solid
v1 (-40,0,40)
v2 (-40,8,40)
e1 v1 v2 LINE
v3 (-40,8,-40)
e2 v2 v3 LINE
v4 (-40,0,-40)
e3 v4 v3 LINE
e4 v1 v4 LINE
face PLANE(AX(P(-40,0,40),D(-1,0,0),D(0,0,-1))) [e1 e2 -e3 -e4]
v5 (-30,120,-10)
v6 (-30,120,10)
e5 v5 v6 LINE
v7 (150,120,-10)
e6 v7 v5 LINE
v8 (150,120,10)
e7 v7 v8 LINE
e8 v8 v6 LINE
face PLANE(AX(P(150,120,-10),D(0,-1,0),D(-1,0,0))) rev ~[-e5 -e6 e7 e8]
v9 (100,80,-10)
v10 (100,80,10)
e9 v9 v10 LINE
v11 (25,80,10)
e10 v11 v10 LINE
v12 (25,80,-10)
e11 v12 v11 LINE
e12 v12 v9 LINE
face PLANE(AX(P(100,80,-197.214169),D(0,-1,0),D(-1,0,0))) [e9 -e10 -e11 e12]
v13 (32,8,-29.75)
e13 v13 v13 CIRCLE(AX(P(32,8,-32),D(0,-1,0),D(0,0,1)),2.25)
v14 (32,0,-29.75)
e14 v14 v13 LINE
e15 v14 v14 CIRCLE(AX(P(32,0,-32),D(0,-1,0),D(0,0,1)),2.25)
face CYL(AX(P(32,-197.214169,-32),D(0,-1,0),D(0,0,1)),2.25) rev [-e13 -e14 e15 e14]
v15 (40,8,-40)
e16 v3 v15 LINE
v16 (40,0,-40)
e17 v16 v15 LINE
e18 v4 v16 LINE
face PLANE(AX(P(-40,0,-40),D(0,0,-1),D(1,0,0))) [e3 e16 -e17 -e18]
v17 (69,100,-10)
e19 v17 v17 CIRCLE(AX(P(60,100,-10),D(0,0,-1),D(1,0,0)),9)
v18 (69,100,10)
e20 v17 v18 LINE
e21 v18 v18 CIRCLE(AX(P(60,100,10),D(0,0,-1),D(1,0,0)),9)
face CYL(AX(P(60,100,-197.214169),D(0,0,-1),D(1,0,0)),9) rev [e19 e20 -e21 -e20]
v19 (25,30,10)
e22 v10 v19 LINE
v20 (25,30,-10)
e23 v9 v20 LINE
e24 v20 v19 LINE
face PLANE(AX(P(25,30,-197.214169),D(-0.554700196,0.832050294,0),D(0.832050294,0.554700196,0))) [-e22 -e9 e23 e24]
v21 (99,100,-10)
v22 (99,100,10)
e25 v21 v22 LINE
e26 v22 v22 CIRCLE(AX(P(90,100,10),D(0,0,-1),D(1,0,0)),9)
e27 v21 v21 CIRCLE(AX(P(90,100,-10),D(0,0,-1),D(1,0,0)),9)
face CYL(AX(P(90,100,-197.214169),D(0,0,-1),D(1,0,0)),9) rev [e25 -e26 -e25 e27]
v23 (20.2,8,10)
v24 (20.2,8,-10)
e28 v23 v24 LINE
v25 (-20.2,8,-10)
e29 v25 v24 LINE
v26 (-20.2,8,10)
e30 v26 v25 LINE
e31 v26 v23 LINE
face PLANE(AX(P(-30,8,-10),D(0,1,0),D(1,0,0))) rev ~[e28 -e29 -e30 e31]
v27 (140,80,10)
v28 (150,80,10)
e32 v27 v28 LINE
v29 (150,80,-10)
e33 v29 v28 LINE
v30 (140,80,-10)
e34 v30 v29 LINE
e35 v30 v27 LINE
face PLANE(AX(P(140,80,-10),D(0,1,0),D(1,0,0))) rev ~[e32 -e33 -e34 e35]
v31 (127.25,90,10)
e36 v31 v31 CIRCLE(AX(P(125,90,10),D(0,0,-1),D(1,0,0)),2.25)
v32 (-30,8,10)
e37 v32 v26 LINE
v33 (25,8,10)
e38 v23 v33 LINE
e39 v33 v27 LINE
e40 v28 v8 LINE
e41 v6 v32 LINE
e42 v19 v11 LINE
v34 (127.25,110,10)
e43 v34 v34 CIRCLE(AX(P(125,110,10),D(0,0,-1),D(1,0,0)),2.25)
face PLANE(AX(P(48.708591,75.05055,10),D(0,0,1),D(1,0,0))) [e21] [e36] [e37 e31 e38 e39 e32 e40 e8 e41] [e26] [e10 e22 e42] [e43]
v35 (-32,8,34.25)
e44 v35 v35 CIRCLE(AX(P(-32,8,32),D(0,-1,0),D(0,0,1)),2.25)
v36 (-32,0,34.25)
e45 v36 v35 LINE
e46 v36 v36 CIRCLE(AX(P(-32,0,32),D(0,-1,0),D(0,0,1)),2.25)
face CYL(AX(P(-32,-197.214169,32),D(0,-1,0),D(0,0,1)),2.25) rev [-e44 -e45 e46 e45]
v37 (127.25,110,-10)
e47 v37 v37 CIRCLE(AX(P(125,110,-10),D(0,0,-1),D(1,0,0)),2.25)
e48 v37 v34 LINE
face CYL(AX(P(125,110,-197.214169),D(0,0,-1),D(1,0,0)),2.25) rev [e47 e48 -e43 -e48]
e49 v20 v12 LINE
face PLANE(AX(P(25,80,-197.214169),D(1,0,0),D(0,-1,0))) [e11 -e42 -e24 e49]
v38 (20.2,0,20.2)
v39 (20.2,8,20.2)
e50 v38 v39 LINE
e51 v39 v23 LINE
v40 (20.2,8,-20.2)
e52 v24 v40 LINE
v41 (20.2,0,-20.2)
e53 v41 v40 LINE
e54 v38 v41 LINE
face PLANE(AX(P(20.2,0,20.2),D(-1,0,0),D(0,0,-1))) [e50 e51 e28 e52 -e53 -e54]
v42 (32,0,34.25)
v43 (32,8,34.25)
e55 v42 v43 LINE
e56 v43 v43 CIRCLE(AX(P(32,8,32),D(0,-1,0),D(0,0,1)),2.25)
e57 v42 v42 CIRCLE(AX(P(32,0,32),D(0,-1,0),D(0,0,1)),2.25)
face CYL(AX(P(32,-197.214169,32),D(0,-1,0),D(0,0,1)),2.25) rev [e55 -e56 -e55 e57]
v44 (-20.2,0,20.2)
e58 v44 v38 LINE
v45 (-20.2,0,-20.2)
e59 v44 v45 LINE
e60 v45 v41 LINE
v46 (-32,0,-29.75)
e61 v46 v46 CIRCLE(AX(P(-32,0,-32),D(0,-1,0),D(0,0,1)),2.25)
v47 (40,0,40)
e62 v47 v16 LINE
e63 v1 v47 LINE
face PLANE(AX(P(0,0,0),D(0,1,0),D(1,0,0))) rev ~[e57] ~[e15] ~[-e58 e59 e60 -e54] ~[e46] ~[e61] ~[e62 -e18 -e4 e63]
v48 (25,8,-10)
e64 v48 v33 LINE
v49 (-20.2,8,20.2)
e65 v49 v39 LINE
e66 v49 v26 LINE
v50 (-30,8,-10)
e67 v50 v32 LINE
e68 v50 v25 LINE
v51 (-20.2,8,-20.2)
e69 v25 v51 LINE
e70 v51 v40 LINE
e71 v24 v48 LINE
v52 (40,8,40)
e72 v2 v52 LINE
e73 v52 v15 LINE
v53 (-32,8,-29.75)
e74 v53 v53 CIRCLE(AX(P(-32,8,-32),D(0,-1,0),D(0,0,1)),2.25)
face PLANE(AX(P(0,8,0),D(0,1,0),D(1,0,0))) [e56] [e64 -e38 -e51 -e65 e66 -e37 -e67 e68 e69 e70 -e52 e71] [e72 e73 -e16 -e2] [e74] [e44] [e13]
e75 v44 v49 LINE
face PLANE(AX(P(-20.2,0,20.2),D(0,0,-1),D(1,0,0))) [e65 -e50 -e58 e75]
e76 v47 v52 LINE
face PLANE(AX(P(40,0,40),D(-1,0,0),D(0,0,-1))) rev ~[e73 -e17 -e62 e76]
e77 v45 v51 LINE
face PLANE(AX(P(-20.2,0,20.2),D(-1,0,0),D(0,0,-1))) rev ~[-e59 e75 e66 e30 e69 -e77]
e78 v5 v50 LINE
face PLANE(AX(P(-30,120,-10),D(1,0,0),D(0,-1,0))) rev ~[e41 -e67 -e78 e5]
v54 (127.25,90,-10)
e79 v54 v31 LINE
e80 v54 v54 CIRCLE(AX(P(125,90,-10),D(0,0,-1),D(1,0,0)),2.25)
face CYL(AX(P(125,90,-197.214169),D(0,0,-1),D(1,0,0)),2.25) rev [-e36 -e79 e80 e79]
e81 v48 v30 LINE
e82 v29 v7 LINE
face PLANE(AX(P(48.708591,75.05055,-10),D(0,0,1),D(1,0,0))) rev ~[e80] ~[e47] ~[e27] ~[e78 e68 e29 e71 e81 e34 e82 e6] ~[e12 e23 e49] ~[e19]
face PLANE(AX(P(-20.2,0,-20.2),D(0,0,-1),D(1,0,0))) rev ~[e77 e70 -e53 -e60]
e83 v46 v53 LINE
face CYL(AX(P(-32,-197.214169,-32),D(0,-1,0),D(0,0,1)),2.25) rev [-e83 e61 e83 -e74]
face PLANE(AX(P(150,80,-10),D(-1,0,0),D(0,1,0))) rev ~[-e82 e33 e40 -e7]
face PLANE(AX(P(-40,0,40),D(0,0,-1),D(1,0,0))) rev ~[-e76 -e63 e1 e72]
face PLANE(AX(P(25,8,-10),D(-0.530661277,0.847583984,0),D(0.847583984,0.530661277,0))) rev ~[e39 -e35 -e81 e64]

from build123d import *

# Parameters (mm, degrees)
SKETCH_1_W                  = 80
SKETCH_1_H                  = 80
SKETCH_1_W_2                = 40.4
SKETCH_1_H_2                = 40.4
EXTRUDE_273_DEPTH           = 8
EXTRUDE_START               = -10
EXTRUDE_351_DEPTH           = 20
CUT_EXTRUDE_442_DEPTH       = 197.214168703
CUT_EXTRUDE_442_DEPTH_BACK  = 197.214168703
CUT_EXTRUDE_500_DEPTH       = 197.214168703
CUT_EXTRUDE_500_DEPTH_BACK  = 197.214168703
SKETCH_4_R                  = 9
CUT_EXTRUDE_M4_DEPTH        = 197.214168703
CUT_EXTRUDE_M4_DEPTH_BACK   = 197.214168703
SKETCH_5_R                  = 2.25
CUT_EXTRUDE_M4_2_DEPTH      = 197.214168703
CUT_EXTRUDE_M4_2_DEPTH_BACK = 197.214168703
SKETCH_6_R                  = 2.25


with BuildPart() as part:
    # 草图1 → Extrude 273 (new body)
    with BuildSketch(Plane(origin=(0, 0, 0), x_dir=(1, 0, 0), z_dir=(0, 1, 0))):
        Rectangle(SKETCH_1_W, SKETCH_1_H)
        Rectangle(SKETCH_1_W_2, SKETCH_1_H_2, mode=Mode.SUBTRACT)
    extrude(amount=EXTRUDE_273_DEPTH)

    # 草图2 → Extrude 351 (add)
    with BuildSketch(Plane.XY.offset(EXTRUDE_START)):
        Polygon((-30, 8), (25, 8), (140, 80), (150, 80), (150, 120), (-30, 120), align=None)
    extrude(amount=EXTRUDE_351_DEPTH)

    # 草图3 → Cut-Extrude 442 (cut, two sides: drawn at the far end of the back side and taken through both)
    with BuildSketch(Plane.XY.offset(-CUT_EXTRUDE_442_DEPTH_BACK)):
        Polygon((25, 30), (100, 80), (25, 80), align=None)
    extrude(amount=CUT_EXTRUDE_442_DEPTH + CUT_EXTRUDE_442_DEPTH_BACK, mode=Mode.SUBTRACT)

    # 草图4 → Cut-Extrude 500 (cut, two sides: drawn at the far end of the back side and taken through both)
    with BuildSketch(Plane.XY.offset(-CUT_EXTRUDE_500_DEPTH_BACK)):
        with Locations((60, 100)):
            Circle(SKETCH_4_R)
        with Locations((90, 100)):
            Circle(SKETCH_4_R)
    extrude(amount=CUT_EXTRUDE_500_DEPTH + CUT_EXTRUDE_500_DEPTH_BACK, mode=Mode.SUBTRACT)

    # 草图5 → Cut-Extrude M4 (cut, two sides: drawn at the far end of the back side and taken through both)
    with BuildSketch(Plane.XY.offset(-CUT_EXTRUDE_M4_DEPTH_BACK)):
        with Locations((125, 90)):
            Circle(SKETCH_5_R)
        with Locations((125, 110)):
            Circle(SKETCH_5_R)
    extrude(amount=CUT_EXTRUDE_M4_DEPTH + CUT_EXTRUDE_M4_DEPTH_BACK, mode=Mode.SUBTRACT)

    # 草图6 → Cut-Extrude M4 2 (cut, two sides: drawn at the far end of the back side and taken through both)
    with BuildSketch(Plane(origin=(0, 0, 0), x_dir=(1, 0, 0), z_dir=(0, 1, 0)).offset(-CUT_EXTRUDE_M4_2_DEPTH_BACK)):
        with Locations(Location((-32, -32, 0), (0, 0, 270))):
            Circle(SKETCH_6_R)
        with Locations(Location((-32, 32, 0), (0, 0, 270))):
            Circle(SKETCH_6_R)
        with Locations(Location((32, -32, 0), (0, 0, 270))):
            Circle(SKETCH_6_R)
        with Locations(Location((32, 32, 0), (0, 0, 270))):
            Circle(SKETCH_6_R)
    extrude(amount=CUT_EXTRUDE_M4_2_DEPTH + CUT_EXTRUDE_M4_2_DEPTH_BACK, mode=Mode.SUBTRACT)


solid = part.part
